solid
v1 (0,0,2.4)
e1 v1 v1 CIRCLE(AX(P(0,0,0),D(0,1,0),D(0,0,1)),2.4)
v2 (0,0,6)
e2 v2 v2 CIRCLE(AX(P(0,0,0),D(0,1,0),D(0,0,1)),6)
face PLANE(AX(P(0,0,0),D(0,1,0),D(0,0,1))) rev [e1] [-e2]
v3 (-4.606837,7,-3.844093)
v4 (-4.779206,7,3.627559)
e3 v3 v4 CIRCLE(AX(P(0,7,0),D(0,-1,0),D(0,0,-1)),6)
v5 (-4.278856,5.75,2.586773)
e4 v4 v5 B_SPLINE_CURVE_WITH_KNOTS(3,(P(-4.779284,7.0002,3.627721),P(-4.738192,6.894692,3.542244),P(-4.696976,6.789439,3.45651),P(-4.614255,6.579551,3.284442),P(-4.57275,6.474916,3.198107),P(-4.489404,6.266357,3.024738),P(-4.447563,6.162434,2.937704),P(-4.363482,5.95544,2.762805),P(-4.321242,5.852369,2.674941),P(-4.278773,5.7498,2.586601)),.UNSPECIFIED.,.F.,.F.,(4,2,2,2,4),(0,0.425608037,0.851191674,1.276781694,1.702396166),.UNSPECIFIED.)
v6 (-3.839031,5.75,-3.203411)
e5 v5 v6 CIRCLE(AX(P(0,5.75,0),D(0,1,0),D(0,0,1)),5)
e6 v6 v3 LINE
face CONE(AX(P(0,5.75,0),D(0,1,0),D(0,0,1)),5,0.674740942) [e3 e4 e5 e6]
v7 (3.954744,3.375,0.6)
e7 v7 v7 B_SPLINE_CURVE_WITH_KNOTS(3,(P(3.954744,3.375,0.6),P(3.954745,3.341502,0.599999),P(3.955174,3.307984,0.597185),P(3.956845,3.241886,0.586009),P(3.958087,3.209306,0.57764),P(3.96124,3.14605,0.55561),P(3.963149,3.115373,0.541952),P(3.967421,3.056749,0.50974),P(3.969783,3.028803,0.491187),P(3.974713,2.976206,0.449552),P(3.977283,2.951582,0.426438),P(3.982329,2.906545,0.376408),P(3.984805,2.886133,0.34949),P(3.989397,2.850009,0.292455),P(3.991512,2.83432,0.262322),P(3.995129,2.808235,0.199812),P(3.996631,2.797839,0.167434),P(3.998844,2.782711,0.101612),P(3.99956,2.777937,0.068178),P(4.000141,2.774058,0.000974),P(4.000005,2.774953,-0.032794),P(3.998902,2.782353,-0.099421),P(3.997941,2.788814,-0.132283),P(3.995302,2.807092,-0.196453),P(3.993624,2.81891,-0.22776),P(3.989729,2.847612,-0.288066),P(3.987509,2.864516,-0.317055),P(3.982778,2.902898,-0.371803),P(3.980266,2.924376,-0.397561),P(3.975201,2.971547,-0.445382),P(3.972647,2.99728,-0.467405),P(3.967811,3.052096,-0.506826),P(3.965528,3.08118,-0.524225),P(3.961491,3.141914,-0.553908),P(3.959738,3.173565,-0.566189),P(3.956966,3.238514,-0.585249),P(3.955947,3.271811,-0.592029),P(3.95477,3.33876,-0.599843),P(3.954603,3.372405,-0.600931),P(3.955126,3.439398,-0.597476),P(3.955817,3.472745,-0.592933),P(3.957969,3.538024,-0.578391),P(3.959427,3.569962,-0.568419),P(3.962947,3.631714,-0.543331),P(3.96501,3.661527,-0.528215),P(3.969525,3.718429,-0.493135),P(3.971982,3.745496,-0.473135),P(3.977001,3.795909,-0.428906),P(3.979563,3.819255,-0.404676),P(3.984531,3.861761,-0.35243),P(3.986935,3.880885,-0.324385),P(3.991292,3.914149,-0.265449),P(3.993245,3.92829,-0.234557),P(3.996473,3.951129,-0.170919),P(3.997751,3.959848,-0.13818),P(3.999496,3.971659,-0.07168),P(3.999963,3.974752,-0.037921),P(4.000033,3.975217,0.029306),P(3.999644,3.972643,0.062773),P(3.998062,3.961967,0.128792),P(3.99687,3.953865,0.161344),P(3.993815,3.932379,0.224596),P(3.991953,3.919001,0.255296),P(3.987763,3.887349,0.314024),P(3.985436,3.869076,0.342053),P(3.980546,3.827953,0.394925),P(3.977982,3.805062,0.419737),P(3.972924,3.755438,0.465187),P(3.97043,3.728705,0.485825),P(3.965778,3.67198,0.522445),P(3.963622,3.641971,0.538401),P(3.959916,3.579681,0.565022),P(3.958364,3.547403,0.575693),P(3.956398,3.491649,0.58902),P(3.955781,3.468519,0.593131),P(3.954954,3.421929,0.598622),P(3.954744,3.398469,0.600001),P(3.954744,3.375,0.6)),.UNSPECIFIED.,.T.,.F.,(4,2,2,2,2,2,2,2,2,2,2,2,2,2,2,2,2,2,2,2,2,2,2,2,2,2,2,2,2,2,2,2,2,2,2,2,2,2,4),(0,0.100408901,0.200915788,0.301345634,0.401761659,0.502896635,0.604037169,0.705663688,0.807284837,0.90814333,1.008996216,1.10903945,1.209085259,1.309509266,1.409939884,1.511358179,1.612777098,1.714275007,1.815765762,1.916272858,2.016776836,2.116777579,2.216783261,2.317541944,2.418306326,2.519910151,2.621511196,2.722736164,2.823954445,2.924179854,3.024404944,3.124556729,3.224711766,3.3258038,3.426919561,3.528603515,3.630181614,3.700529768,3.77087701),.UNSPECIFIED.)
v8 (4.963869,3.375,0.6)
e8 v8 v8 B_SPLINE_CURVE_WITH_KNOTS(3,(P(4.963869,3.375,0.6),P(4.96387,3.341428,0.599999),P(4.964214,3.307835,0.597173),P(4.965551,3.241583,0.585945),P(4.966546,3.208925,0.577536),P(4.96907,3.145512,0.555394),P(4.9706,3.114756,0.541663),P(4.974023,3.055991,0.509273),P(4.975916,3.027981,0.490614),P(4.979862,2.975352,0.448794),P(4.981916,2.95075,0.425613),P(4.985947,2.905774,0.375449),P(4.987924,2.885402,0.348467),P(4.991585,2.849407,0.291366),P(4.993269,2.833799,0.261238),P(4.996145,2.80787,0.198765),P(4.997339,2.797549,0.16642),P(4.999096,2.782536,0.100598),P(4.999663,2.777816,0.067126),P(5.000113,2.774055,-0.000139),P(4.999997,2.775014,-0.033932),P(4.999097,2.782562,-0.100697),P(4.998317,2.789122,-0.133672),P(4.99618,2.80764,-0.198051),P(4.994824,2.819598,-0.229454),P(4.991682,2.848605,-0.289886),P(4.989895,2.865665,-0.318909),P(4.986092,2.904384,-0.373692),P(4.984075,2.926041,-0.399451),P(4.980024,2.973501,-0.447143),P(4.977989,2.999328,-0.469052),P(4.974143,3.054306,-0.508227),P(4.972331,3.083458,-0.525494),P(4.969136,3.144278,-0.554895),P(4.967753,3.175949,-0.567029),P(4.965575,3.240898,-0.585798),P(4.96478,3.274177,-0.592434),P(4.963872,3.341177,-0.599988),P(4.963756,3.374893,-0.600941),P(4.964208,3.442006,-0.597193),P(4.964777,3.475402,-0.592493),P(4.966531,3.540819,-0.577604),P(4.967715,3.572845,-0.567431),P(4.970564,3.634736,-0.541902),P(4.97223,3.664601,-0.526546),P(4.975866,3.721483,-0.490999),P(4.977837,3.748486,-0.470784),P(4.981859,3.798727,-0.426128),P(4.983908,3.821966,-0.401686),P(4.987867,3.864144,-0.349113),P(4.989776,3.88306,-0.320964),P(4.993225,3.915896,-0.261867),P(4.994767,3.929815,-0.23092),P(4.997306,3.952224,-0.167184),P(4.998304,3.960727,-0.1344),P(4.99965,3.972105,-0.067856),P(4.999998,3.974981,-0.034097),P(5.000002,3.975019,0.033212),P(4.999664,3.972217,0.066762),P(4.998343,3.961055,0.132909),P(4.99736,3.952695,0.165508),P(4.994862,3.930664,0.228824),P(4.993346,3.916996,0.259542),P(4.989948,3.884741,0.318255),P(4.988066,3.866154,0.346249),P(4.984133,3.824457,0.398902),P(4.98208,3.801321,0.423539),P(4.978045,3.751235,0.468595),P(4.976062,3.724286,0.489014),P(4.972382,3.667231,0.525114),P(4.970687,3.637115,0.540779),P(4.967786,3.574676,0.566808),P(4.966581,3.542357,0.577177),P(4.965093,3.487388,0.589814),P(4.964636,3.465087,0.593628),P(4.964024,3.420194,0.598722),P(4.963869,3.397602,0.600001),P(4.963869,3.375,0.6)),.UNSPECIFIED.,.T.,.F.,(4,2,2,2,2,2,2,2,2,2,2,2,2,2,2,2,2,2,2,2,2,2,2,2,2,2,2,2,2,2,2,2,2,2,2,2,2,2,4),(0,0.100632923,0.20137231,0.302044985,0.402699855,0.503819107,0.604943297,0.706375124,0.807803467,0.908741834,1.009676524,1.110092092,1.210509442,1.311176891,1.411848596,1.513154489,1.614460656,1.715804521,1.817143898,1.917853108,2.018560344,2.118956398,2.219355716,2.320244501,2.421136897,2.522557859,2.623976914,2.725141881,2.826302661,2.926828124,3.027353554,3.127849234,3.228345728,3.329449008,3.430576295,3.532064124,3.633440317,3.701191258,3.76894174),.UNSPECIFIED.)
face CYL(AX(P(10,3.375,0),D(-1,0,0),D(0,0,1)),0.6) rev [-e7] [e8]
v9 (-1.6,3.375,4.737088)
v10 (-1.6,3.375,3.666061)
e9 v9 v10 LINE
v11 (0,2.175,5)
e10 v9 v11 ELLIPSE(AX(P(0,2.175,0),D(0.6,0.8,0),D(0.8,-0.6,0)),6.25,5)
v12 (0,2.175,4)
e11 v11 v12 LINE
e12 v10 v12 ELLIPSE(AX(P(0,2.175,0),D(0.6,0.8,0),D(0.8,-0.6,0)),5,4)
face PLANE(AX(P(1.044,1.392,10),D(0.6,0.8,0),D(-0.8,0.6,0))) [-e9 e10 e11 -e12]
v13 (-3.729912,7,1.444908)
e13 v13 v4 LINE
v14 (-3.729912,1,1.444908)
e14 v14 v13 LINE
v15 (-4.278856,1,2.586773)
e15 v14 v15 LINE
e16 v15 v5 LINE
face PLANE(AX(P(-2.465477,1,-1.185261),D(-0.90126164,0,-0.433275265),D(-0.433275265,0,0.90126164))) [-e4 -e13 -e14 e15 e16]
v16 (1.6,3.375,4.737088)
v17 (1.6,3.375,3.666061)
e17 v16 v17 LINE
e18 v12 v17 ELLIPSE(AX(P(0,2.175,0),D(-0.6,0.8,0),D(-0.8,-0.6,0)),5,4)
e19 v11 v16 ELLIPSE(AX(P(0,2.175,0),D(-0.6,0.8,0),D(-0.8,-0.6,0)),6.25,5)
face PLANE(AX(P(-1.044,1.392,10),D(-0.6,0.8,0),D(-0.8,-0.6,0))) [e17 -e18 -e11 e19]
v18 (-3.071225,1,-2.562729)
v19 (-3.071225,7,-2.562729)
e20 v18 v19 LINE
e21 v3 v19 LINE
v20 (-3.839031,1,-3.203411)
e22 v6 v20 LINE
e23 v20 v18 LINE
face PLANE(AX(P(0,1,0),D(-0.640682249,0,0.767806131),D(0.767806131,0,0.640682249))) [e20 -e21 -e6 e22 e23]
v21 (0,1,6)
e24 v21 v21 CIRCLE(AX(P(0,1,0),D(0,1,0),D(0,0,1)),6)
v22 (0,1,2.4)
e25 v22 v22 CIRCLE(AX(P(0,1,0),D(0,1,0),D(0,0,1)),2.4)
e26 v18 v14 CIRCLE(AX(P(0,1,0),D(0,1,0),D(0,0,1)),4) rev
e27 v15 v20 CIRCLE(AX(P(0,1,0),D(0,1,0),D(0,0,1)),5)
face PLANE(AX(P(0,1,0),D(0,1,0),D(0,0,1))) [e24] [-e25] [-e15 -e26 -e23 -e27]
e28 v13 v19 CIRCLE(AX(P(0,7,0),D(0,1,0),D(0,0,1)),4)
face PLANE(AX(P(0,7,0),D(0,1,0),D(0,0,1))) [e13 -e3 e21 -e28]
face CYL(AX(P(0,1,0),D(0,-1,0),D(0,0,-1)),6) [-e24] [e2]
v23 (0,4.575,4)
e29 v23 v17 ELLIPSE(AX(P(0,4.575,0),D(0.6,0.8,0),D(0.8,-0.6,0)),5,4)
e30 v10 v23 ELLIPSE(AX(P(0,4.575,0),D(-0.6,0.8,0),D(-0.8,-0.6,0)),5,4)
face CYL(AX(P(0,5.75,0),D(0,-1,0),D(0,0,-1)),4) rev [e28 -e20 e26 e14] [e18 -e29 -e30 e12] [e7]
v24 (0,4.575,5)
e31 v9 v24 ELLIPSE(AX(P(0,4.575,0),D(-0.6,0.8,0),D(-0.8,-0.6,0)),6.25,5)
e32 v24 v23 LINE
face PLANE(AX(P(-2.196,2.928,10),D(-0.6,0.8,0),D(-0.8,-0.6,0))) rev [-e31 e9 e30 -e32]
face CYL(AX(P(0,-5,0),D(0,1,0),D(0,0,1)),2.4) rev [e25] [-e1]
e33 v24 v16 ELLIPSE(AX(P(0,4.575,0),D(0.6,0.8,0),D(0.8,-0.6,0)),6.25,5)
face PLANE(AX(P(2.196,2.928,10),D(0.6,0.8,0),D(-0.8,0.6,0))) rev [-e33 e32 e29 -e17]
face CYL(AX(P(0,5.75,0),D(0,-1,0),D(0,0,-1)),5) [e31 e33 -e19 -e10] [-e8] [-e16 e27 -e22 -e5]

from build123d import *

# Parameters (mm, degrees)
SKETCH4_R           = 6
BOSS_EXTRUDE3_DEPTH = 1
SKETCH5_R           = 5
SKETCH5_R_2         = 4
BOSS_EXTRUDE4_DEPTH = 4.75
CUT_EXTRUDE3_START  = -3
SKETCH9_R           = 4
CUT_EXTRUDE3_DEPTH  = 3
CUT_EXTRUDE7_DEPTH  = 10
CUT_EXTRUDE8_DEPTH  = 10
CUT_EXTRUDE10_START = -6
CUT_EXTRUDE10_DEPTH = 6
SKETCH14_R          = 2.4
CUT_EXTRUDE11_DEPTH = 6


with BuildPart() as part:
    # Sketch4 → Boss-Extrude3 (new body)
    with BuildSketch(Plane(origin=(0, 0, 0), x_dir=(1, 0, 0), z_dir=(0, 1, 0))):
        with Locations(Location((0, 0, 0), (0, 0, 270))):
            Circle(SKETCH4_R)
    extrude(amount=BOSS_EXTRUDE3_DEPTH)

    # Sketch5 → Boss-Extrude4 (add)
    with BuildSketch(Plane(origin=(0, 1, 0), x_dir=(1, 0, 0), z_dir=(0, 1, 0))):
        with Locations(Location((0, 0, 0), (0, 0, 270))):
            Circle(SKETCH5_R)
        with Locations(Location((0, 0, 0), (0, 0, 270))):
            Circle(SKETCH5_R_2, mode=Mode.SUBTRACT)
    extrude(amount=BOSS_EXTRUDE4_DEPTH)

    # Sketch6 → Revolve4 (revolve)
    with BuildSketch(Plane.XY, mode=Mode.PRIVATE) as revolve4_sk:
        Polygon((0, 5.75), (5, 5.75), (6, 7), (0, 7), align=None)
    revolve(revolve4_sk.sketch.rotate(Axis((0, 5.75, 0), (0, 1, 0)), 270), axis=Axis((0, 5.75, 0), (0, 1, 0)))

    # Sketch9 → Cut-Extrude3 (cut)
    with BuildSketch(Plane(origin=(0, 7, 0), x_dir=(1, 0, 0), z_dir=(0, 1, 0)).offset(CUT_EXTRUDE3_START)):
        with Locations(Location((0, 0, 0), (0, 0, 270))):
            Circle(SKETCH9_R)
    extrude(amount=CUT_EXTRUDE3_DEPTH, mode=Mode.SUBTRACT)

    # Sketch11 → Cut-Extrude7 (cut)
    with BuildSketch(Plane.XY):
        Polygon((0, 4.575), (0, 3.375), (1.2, 3.375), (1.6, 3.375), align=None)
        Polygon((-1.2, 3.375), (0, 3.375), (0, 4.575), (-1.6, 3.375), align=None)
        Polygon((0, 2.175), (0, 3.375), (-1.2, 3.375), (-1.6, 3.375), align=None)
        Polygon((1.2, 3.375), (0, 3.375), (0, 2.175), (1.6, 3.375), align=None)
    extrude(amount=CUT_EXTRUDE7_DEPTH, mode=Mode.SUBTRACT)

    # Sketch12 → Cut-Extrude8 (cut)
    with BuildSketch(Plane(origin=(0, 0, 0), x_dir=(0, 0, -1), z_dir=(1, 0, 0))):
        with BuildLine():
            ThreePointArc((0.6, 3.375), (0.424264069, 3.799264069), (0, 3.975))
            Line((0, 3.975), (0, 2.775))
            ThreePointArc((0, 2.775), (0.424264069, 2.950735931), (0.6, 3.375))
        make_face()
        with BuildLine():
            Line((0, 2.775), (0, 3.975))
            ThreePointArc((0, 3.975), (-0.6, 3.375), (0, 2.775))
        make_face()
    extrude(amount=CUT_EXTRUDE8_DEPTH, mode=Mode.SUBTRACT)

    # Sketch13 → Cut-Extrude10 (cut)
    with BuildSketch(Plane(origin=(0, 7, 0), x_dir=(1, 0, 0), z_dir=(0, 1, 0)).offset(CUT_EXTRUDE10_START)):
        with BuildLine():
            Line((-4.779206309, -3.627559381), (-3.72991173, -1.444907777))
            ThreePointArc((-3.72991173, -1.444907777), (-3.947043415, 0.648728201), (-3.071224525, 2.562728998))
            Line((-3.071224525, 2.562728998), (-4.606836788, 3.844093497))
            ThreePointArc((-4.606836788, 3.844093497), (-5.99840399, 0.138381967), (-4.779206309, -3.627559381))
        make_face()
    extrude(amount=CUT_EXTRUDE10_DEPTH, mode=Mode.SUBTRACT)

    # Sketch14 → Cut-Extrude11 (cut)
    with BuildSketch(Plane(origin=(0, 1, 0), x_dir=(1, 0, 0), z_dir=(0, 1, 0))):
        with Locations(Location((0, 0, 0), (0, 0, 270))):
            Circle(SKETCH14_R)
    extrude(amount=-CUT_EXTRUDE11_DEPTH, mode=Mode.SUBTRACT)


solid = part.part
